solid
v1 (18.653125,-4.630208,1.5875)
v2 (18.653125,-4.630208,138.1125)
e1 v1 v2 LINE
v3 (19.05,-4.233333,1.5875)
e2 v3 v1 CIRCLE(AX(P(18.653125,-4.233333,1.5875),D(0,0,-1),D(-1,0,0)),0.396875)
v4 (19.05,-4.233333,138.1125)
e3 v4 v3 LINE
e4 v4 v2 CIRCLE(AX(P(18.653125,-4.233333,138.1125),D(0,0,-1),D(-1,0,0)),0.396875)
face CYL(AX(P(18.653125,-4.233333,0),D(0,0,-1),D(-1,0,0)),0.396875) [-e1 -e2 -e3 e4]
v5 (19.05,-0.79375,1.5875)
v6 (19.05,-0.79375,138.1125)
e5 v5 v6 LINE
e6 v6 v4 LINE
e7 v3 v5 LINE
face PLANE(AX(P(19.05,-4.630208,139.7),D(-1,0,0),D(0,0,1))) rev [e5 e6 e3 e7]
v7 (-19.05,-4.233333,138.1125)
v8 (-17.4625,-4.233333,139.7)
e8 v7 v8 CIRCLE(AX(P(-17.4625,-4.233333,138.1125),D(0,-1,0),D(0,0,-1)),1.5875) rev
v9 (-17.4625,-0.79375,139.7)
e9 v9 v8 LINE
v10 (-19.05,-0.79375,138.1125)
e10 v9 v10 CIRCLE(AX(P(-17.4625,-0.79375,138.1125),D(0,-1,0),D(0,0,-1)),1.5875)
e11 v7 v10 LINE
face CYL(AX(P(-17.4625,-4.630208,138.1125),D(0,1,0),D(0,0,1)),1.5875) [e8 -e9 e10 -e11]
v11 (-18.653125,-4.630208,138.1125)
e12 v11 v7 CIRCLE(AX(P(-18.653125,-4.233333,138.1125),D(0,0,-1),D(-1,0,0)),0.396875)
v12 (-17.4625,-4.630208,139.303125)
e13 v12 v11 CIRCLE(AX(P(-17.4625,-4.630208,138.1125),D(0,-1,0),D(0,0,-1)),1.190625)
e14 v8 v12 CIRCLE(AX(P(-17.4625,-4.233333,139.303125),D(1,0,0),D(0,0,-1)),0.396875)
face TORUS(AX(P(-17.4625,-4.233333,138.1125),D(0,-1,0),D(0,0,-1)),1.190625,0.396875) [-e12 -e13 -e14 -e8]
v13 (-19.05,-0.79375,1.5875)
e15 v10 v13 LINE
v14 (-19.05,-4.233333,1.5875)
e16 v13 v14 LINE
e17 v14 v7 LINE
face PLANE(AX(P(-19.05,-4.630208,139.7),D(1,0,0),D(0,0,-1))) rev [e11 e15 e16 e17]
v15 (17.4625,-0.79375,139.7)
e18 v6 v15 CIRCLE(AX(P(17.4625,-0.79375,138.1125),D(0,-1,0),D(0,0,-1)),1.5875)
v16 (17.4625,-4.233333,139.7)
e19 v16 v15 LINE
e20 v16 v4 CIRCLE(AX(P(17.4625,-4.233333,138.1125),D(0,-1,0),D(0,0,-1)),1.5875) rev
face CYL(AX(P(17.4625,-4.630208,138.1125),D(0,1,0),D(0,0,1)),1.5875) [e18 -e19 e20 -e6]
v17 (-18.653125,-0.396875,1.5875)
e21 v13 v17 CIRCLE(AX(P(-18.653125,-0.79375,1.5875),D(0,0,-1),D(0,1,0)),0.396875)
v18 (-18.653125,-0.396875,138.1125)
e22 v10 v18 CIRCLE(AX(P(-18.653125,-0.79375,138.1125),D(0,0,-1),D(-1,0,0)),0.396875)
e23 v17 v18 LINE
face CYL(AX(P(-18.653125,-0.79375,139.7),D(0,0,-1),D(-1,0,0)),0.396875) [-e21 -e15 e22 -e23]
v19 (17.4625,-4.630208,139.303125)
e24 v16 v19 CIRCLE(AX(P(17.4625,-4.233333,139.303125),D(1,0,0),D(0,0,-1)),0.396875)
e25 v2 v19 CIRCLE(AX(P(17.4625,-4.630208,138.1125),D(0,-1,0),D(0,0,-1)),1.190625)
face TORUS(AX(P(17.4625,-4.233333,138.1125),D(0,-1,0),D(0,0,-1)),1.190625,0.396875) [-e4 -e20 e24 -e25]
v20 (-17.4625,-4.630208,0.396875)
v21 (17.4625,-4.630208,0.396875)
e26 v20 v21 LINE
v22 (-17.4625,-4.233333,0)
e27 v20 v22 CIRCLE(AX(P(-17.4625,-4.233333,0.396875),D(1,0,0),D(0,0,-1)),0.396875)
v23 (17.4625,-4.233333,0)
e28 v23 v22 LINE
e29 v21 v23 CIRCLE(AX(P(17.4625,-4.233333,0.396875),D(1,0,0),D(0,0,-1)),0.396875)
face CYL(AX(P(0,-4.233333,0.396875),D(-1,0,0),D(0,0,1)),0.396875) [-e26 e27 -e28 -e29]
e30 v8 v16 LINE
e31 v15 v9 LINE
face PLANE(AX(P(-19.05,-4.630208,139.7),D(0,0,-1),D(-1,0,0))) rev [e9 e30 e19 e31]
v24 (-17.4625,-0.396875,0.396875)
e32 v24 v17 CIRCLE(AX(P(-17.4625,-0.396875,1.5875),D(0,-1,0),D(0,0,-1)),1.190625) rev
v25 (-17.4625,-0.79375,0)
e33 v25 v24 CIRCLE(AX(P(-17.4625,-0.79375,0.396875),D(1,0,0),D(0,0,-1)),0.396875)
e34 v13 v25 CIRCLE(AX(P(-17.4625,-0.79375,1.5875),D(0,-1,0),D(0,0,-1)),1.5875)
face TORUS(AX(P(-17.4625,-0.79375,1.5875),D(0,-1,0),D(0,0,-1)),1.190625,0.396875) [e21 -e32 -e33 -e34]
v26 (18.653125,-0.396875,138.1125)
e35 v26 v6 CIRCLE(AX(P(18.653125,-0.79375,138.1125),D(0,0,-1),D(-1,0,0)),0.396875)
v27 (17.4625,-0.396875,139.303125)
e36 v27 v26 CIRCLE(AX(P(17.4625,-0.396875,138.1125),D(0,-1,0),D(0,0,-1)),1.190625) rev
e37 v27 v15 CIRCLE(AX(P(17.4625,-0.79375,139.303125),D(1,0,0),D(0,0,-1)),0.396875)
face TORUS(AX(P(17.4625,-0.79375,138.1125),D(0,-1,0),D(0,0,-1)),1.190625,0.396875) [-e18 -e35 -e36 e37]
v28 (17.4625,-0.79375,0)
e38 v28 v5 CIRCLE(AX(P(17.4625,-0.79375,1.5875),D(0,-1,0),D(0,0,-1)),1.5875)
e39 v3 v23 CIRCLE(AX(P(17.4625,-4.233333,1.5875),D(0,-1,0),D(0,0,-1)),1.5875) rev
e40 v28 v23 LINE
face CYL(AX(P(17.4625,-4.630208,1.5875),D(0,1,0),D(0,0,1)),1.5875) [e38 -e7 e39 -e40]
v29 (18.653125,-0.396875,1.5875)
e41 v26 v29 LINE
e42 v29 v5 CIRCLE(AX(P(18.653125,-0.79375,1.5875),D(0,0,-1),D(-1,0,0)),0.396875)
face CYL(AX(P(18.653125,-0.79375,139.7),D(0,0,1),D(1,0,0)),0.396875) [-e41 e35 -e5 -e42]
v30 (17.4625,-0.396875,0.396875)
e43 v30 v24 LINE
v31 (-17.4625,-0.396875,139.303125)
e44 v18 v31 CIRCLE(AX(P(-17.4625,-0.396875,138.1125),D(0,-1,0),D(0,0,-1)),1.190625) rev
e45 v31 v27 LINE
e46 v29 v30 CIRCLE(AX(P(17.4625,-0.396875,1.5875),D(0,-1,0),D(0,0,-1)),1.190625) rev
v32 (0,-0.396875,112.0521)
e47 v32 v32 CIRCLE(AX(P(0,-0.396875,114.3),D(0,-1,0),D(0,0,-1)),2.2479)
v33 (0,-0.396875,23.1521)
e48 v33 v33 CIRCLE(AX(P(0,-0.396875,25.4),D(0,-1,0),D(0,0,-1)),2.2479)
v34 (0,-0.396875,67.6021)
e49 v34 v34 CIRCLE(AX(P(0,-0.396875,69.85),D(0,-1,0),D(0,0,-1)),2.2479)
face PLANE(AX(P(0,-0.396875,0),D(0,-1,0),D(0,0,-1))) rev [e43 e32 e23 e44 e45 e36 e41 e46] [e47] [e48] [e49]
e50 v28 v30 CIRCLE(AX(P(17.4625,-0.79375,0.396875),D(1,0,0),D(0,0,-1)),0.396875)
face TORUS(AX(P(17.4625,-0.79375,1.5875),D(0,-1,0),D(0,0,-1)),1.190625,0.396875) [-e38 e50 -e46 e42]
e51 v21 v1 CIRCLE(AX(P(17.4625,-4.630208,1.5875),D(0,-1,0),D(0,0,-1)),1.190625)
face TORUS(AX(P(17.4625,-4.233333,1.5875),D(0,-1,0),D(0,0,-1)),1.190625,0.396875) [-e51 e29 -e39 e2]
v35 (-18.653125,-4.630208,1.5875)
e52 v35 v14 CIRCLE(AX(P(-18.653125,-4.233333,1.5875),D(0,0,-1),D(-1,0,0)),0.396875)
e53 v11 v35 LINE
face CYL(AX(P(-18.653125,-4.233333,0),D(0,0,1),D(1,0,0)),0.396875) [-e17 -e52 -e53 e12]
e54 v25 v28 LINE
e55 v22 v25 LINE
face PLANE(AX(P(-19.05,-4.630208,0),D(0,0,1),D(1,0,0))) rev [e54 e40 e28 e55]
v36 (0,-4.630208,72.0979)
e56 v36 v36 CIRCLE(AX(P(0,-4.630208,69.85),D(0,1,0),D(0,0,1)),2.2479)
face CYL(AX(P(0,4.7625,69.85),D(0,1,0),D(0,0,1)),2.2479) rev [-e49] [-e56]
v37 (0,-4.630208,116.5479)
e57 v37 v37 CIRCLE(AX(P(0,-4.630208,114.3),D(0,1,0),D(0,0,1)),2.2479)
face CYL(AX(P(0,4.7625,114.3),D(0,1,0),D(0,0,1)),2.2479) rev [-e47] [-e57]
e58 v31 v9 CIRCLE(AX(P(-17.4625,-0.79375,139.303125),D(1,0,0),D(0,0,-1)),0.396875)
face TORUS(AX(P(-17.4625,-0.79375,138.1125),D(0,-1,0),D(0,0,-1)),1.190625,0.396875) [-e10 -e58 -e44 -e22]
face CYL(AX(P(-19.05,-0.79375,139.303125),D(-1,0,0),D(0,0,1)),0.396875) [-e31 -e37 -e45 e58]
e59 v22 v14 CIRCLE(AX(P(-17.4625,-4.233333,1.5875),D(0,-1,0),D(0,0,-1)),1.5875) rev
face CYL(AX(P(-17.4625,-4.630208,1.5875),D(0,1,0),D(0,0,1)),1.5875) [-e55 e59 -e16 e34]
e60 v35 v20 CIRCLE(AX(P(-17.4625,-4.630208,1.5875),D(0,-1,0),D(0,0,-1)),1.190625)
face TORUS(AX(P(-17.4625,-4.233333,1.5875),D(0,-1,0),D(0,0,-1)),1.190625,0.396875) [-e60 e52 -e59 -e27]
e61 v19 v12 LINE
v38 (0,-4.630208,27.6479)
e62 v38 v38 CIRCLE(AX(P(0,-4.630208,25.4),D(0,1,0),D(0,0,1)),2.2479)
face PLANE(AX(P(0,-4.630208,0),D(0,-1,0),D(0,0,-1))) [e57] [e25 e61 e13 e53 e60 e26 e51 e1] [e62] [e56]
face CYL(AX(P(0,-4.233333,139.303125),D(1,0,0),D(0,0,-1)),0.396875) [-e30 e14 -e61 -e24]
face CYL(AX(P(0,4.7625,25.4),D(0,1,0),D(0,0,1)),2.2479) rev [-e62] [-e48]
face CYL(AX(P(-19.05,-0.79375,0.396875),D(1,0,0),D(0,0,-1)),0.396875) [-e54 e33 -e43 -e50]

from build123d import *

# Parameters (mm, degrees)
BOSS_EXTRUDE1_DEPTH = 139.7
FILLET1_R           = 1.27
BOSS_EXTRUDE2_DEPTH = 25.4
FILLET2_R           = 1.27
FILLET3_R           = 1.27
FILLET4_R           = 1.27
SKETCH9_W           = 38.1
SKETCH9_H           = 139.7
BOSS_EXTRUDE3_DEPTH = 4.233333333
FILLET6_R           = 1.5875
FILLET7_R           = 0.396875
LPATTERN1_COUNT     = 2
LPATTERN1_PITCH     = 44.45
LPATTERN1_COL_COUNT = 2
LPATTERN1_COL_PITCH = 44.45
FILLET5_R           = 1.5875


with BuildPart() as part:
    # Sketch1 → Boss-Extrude1 (new body)
    with BuildSketch(Plane.XY):
        Polygon((-19.05, 0), (19.05, 0), (19.05, 12.7), (11.528846515, 12.7), (14.816666667, 4.7625), (-14.816666667, 4.7625), (-11.528846515, 12.7), (-19.05, 12.7), align=None)
    extrude(amount=BOSS_EXTRUDE1_DEPTH)

    # Fillet1
    fillet1_edges = [part.edges().sort_by_distance(p)[0] for p in [
        (-19.05, 12.7, 69.85),
        (-11.528846515, 12.7, 69.85),
        (-14.816666667, 4.7625, 69.85),
        (14.816666667, 4.7625, 69.85),
        (11.528846515, 12.7, 69.85),
        (19.05, 12.7, 69.85),
    ]]
    fillet(fillet1_edges, radius=FILLET1_R)

    # Fillet3
    fillet3_edges = [part.edges().sort_by_distance(p)[0] for p in [
        (19.05, 5.715, 0),
        (15.604767917, 12.7, 0),
        (15.604767917, 12.7, 139.7),
        (-19.05, 5.715, 0),
        (-15.604767917, 12.7, 0),
        (-13.172756591, 8.73125, 0),
        (0, 4.7625, 0),
        (13.172756591, 8.73125, 0),
        (-12.373569426, 12.135574196, 0),
        (-18.678025612, 12.328025612, 0),
        (12.373569426, 12.135574196, 0),
        (18.678025612, 12.328025612, 0),
        (13.172756591, 8.73125, 139.7),
        (0, 0, 139.7),
        (0, 4.7625, 139.7),
        (-13.172756591, 8.73125, 139.7),
        (-15.604767917, 12.7, 139.7),
        (-19.05, 5.715, 139.7),
        (-12.373569426, 12.135574196, 139.7),
        (-18.678025612, 12.328025612, 139.7),
        (12.373569426, 12.135574196, 139.7),
        (18.678025612, 12.328025612, 139.7),
        (13.971943756, 5.326925804, 0),
        (13.971943756, 5.326925804, 139.7),
        (-13.971943756, 5.326925804, 0),
        (-13.971943756, 5.326925804, 139.7),
        (19.05, 5.715, 139.7),
        (0, 0, 0),
    ]]
    fillet(fillet3_edges, radius=FILLET3_R)


with BuildPart() as body_2:
    # Sketch2 → Boss-Extrude2 (new body)
    with BuildSketch(Plane.XY.offset(139.7)):
        with BuildLine():
            Line((-11.904210726, 10.798189653), (11.904210726, 10.798189653))
            Line((11.904210726, 10.798189653), (13.737306252, 6.372705571))
            ThreePointArc((13.737306252, 6.372705571), (13.655153833, 5.538598063), (12.915977348, 5.1435))
            Line((12.915977348, 5.1435), (-12.915977348, 5.1435))
            ThreePointArc((-12.915977348, 5.1435), (-13.655153833, 5.538598063), (-13.737306252, 6.372705571))
            Line((-13.737306252, 6.372705571), (-11.904210726, 10.798189653))
        make_face()
    extrude(amount=BOSS_EXTRUDE2_DEPTH)

    # Fillet2
    fillet2_edges = [body_2.edges().sort_by_distance(p)[0] for p in [
        (-11.904210726, 10.798189653, 152.4),
        (11.904210726, 10.798189653, 152.4),
    ]]
    fillet(fillet2_edges, radius=FILLET2_R)

    # Fillet4
    fillet4_edges = [body_2.edges().sort_by_distance(p)[0] for p in [
        (-13.655153833, 5.538598063, 165.1),
        (0, 10.798189653, 139.7),
        (0, 10.798189653, 165.1),
        (0, 5.1435, 165.1),
        (-12.983128557, 8.193451592, 139.7),
        (-11.761198052, 10.584156061, 139.7),
        (11.761198052, 10.584156061, 139.7),
        (-12.983128557, 8.193451592, 165.1),
        (-11.761198052, 10.584156061, 165.1),
        (13.655153833, 5.538598063, 165.1),
        (11.761198052, 10.584156061, 165.1),
        (12.983128557, 8.193451592, 165.1),
        (13.655153833, 5.538598063, 139.7),
        (0, 5.1435, 139.7),
        (-13.655153833, 5.538598063, 139.7),
        (12.983128557, 8.193451592, 139.7),
    ]]
    fillet(fillet4_edges, radius=FILLET4_R)

    # Sketch4 → CSK for 1/4 Flat Head Machine Screw (100)1 (revolve, cut)
    with BuildSketch(Plane(origin=(0, 5.1435, 152.4), x_dir=(0, 0, -1), z_dir=(1, 0, 0))):
        Polygon((0, 0), (0, 7.5565), (3.3782, 7.5565), (3.3782, 2.568232241), (6.4389, 0), align=None)
    revolve(axis=Axis((0, -1.2065, 152.4), (0, 1, 0)), mode=Mode.SUBTRACT)


with BuildPart() as body_3:
    # Sketch9 → Boss-Extrude3 (new body)
    with BuildSketch(Plane(origin=(0, -0.396875, 0), x_dir=(-1, 0, 0), z_dir=(0, -1, 0))):
        with Locations((0, -69.85)):
            Rectangle(SKETCH9_W, SKETCH9_H)
    extrude(amount=BOSS_EXTRUDE3_DEPTH)

    # Fillet6
    fillet6_edges = [body_3.edges().sort_by_distance(p)[0] for p in [
        (19.05, -2.513541667, 0),
        (-19.05, -2.513541667, 0),
        (-19.05, -2.513541667, 139.7),
        (19.05, -2.513541667, 139.7),
    ]]
    fillet(fillet6_edges, radius=FILLET6_R)

    # Fillet7
    fillet7_edges = [body_3.edges().sort_by_distance(p)[0] for p in [
        (0, -0.396875, 139.7),
        (0, -4.630208333, 139.7),
        (19.05, -0.396875, 69.85),
        (0, -0.396875, 0),
        (-19.05, -0.396875, 69.85),
        (18.585032015, -0.396875, 0.464967985),
        (-18.585032015, -0.396875, 0.464967985),
        (-18.585032015, -0.396875, 139.235032015),
        (18.585032015, -0.396875, 139.235032015),
        (19.05, -4.630208333, 69.85),
        (-19.05, -4.630208333, 69.85),
        (0, -4.630208333, 0),
        (18.585032015, -4.630208333, 0.464967985),
        (-18.585032015, -4.630208333, 0.464967985),
        (-18.585032015, -4.630208333, 139.235032015),
        (18.585032015, -4.630208333, 139.235032015),
    ]]
    fillet(fillet7_edges, radius=FILLET7_R)


with BuildPart() as csk_for_8_flat_head_machine_screw_100_tool:
    # Sketch6 → CSK for #8 Flat Head Machine Screw (100)1 (revolve)
    with BuildSketch(Plane(origin=(0, 4.7625, 69.85), x_dir=(0, 0, 1), z_dir=(1, 0, 0))):
        Polygon((0, 0), (0, 9.392708333), (2.2479, 9.392708333), (2.2479, 1.651767624), (4.2164, 0), align=None)
    csk_for_8_flat_head_machine_screw_100 = revolve(axis=Axis((0, 11.1125, 69.85), (0, -1, 0)))


with BuildPart() as part_1:
    add(part.part)

    # CSK for #8 Flat Head Machine Screw (100)1: cut by csk_for_8_flat_head_machine_screw_100_tool
    add(csk_for_8_flat_head_machine_screw_100_tool.part, mode=Mode.SUBTRACT)


with BuildPart() as body_3_1:
    add(body_3.part)

    # CSK for #8 Flat Head Machine Screw (100)1: cut by csk_for_8_flat_head_machine_screw_100_tool
    add(csk_for_8_flat_head_machine_screw_100_tool.part, mode=Mode.SUBTRACT)


with BuildPart() as lpattern1_tool:
    # LPattern1: CSK for #8 Flat Head Machine Screw (100)1 ×2
    with Locations(*[(0, 0, i * LPATTERN1_PITCH) for i in range(1, LPATTERN1_COUNT)]):
        add(csk_for_8_flat_head_machine_screw_100)


with BuildPart() as part_2:
    add(part_1.part)

    # LPattern1: cut by lpattern1_tool
    add(lpattern1_tool.part, mode=Mode.SUBTRACT)


with BuildPart() as body_3_2:
    add(body_3_1.part)

    # LPattern1: cut by lpattern1_tool
    add(lpattern1_tool.part, mode=Mode.SUBTRACT)


with BuildPart() as lpattern1_col_tool:
    # LPattern1 col: CSK for #8 Flat Head Machine Screw (100)1 ×2
    with Locations(*[(0, 0, -i * LPATTERN1_COL_PITCH) for i in range(1, LPATTERN1_COL_COUNT)]):
        add(csk_for_8_flat_head_machine_screw_100)


with BuildPart() as part_3:
    add(part_2.part)

    # LPattern1 col: cut by lpattern1_col_tool
    add(lpattern1_col_tool.part, mode=Mode.SUBTRACT)

    # Fillet5
    fillet5_edges = [part_3.edges().sort_by_distance(p)[0] for p in [
        (0, 4.7625, 65.6336),
        (0, 4.7625, 21.1836),
        (0, 4.7625, 110.0836),
    ]]
    fillet(fillet5_edges, radius=FILLET5_R)


with BuildPart() as body_3_3:
    add(body_3_2.part)

    # LPattern1 col: cut by lpattern1_col_tool
    add(lpattern1_col_tool.part, mode=Mode.SUBTRACT)


solid = body_3_3.part
